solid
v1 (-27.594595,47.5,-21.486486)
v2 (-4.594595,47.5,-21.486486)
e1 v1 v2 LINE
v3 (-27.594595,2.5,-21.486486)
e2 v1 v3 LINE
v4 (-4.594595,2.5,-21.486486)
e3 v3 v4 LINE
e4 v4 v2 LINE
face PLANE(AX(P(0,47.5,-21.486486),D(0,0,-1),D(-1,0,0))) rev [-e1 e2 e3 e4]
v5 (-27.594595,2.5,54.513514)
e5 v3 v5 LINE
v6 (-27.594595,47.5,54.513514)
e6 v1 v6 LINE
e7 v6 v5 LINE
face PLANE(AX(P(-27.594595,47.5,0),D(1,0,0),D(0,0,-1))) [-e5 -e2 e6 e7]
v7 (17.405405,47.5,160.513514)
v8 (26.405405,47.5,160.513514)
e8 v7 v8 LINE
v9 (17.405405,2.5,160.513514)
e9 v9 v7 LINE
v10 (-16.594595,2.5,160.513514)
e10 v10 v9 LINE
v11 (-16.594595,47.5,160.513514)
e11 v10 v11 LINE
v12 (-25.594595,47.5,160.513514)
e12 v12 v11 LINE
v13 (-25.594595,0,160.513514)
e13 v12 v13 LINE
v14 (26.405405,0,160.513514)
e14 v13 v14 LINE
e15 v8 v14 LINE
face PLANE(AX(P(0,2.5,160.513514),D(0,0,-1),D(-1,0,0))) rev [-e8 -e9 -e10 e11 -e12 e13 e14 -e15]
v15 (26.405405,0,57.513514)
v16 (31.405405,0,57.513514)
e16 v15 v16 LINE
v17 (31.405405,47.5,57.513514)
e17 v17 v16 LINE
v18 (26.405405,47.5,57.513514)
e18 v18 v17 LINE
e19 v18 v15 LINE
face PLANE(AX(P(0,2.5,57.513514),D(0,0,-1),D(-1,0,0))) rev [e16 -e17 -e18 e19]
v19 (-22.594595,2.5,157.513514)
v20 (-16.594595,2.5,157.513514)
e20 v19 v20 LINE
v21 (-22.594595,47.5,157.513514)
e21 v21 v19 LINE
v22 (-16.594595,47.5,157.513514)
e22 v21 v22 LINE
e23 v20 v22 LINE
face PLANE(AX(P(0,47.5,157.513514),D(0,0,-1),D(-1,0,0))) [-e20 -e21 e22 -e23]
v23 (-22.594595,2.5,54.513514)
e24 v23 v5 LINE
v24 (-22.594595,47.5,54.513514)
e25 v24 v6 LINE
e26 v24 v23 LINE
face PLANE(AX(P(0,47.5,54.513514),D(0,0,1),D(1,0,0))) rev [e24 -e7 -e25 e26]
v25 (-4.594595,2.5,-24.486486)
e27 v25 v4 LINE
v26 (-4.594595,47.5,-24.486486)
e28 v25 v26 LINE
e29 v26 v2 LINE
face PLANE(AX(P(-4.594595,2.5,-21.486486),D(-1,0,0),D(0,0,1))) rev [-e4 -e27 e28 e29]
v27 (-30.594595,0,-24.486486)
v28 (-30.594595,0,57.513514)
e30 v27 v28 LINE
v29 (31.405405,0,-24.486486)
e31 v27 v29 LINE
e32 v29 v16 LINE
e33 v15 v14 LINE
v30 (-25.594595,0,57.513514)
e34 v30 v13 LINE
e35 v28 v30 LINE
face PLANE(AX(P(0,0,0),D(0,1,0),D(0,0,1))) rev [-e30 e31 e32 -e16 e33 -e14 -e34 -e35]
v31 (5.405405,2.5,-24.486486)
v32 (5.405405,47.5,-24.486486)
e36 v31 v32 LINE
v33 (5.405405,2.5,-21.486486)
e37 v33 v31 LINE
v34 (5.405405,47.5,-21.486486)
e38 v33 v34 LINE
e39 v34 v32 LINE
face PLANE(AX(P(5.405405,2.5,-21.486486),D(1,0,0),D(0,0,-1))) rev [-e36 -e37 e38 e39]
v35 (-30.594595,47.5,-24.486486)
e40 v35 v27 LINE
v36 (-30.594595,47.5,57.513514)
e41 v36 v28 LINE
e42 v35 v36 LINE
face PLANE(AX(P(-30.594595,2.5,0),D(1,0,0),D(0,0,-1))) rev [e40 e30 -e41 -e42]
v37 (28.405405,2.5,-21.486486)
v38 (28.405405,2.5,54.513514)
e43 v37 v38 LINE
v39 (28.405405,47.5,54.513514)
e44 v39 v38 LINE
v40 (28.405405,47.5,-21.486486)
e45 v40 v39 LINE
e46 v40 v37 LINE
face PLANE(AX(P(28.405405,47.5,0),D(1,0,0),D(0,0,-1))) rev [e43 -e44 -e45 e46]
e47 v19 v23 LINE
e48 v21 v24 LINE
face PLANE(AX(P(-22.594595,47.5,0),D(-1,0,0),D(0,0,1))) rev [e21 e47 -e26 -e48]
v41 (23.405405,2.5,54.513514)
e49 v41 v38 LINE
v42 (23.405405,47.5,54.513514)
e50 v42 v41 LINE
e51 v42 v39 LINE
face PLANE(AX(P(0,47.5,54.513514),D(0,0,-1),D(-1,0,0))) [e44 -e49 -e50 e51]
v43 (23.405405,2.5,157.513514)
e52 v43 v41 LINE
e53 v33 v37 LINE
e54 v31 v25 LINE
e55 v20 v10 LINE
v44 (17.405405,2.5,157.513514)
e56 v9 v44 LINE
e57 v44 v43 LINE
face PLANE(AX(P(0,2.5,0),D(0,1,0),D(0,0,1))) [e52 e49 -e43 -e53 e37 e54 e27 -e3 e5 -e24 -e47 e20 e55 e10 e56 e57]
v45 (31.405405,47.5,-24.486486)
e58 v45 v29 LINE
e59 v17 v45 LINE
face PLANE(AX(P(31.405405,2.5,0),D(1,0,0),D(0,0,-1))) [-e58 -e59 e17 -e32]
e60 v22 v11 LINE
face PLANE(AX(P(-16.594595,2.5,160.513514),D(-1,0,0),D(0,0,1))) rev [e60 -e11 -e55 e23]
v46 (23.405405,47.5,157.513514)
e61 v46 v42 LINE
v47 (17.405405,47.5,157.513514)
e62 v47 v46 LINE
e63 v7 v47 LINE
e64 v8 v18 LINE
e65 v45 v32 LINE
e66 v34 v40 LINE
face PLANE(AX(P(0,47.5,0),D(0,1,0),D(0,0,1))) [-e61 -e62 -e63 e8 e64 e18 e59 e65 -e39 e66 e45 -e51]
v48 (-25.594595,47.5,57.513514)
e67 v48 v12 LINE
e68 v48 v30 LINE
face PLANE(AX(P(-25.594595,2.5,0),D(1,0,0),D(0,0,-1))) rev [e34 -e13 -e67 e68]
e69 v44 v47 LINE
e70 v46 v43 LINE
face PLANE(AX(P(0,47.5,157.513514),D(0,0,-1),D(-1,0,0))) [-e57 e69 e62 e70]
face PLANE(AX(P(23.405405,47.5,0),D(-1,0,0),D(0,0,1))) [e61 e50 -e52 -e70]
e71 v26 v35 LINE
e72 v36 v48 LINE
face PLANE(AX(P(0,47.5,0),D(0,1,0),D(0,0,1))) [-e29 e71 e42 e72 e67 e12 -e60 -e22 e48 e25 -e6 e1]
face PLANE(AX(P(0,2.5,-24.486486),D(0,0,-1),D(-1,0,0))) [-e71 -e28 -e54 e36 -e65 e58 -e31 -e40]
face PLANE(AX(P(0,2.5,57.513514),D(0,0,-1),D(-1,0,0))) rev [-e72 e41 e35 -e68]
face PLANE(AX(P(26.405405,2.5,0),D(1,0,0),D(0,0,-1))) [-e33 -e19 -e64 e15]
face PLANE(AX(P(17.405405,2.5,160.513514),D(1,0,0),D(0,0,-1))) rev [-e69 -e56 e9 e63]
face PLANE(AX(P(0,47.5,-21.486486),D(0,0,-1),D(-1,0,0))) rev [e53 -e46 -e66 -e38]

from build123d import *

# Parameters (mm, degrees)
SKETCH1_W           = 52
SKETCH1_H           = 103
SKETCH1_W_2         = 62
SKETCH1_H_2         = 82
BOSS_EXTRUDE1_DEPTH = 2.5
SKETCH2_W           = 3
SKETCH2_H           = 100
SKETCH2_H_2         = 76
SKETCH2_W_2         = 2
SKETCH2_H_3         = 3
SKETCH2_W_3         = 56
SKETCH2_W_4         = 46
BOSS_EXTRUDE2_DEPTH = 45
SKETCH4_W           = 10
SKETCH4_H           = 3
SKETCH4_W_2         = 34
CUT_EXTRUDE1_DEPTH  = 45


with BuildPart() as part:
    # Sketch1 → Boss-Extrude1 (new body)
    with BuildSketch(Plane(origin=(0, 0, 0), x_dir=(1, 0, 0), z_dir=(0, 1, 0))):
        with Locations((0.405405405, -109.013513514)):
            Rectangle(SKETCH1_W, SKETCH1_H)
        with Locations((0.405405405, -16.513513514)):
            Rectangle(SKETCH1_W_2, SKETCH1_H_2)
    extrude(amount=BOSS_EXTRUDE1_DEPTH)

    # Sketch2 → Boss-Extrude2 (add)
    with BuildSketch(Plane(origin=(0, 2.5, 0), x_dir=(1, 0, 0), z_dir=(0, 1, 0))):
        with Locations((-24.094594595, -107.513513514)):
            Rectangle(SKETCH2_W, SKETCH2_H)
        with Locations((24.905405405, -107.513513514)):
            Rectangle(SKETCH2_W, SKETCH2_H)
        with Locations((29.905405405, -16.513513514)):
            Rectangle(SKETCH2_W, SKETCH2_H_2)
        with Locations((-29.094594595, -16.513513514)):
            Rectangle(SKETCH2_W, SKETCH2_H_2)
        with Locations((-26.594594595, -56.013513514)):
            Rectangle(SKETCH2_W_2, SKETCH2_H_3)
        with Locations((-24.094594595, -56.013513514)):
            Rectangle(SKETCH2_W, SKETCH2_H_3)
        with Locations((-29.094594595, -56.013513514)):
            Rectangle(SKETCH2_W, SKETCH2_H_3)
        with Locations((29.905405405, -56.013513514)):
            Rectangle(SKETCH2_W, SKETCH2_H_3)
        with Locations((27.405405405, -56.013513514)):
            Rectangle(SKETCH2_W_2, SKETCH2_H_3)
        with Locations((24.905405405, -56.013513514)):
            Rectangle(SKETCH2_W, SKETCH2_H_3)
        with Locations((-29.094594595, 22.986486486)):
            Rectangle(SKETCH2_W, SKETCH2_H_3)
        with Locations((29.905405405, 22.986486486)):
            Rectangle(SKETCH2_W, SKETCH2_H_3)
        with Locations((0.405405405, 22.986486486)):
            Rectangle(SKETCH2_W_3, SKETCH2_H_3)
        with Locations((-24.094594595, -159.013513514)):
            Rectangle(SKETCH2_W, SKETCH2_H_3)
        with Locations((0.405405405, -159.013513514)):
            Rectangle(SKETCH2_W_4, SKETCH2_H_3)
        with Locations((24.905405405, -159.013513514)):
            Rectangle(SKETCH2_W, SKETCH2_H_3)
    extrude(amount=BOSS_EXTRUDE2_DEPTH)

    # Sketch4 → Cut-Extrude1 (cut)
    with BuildSketch(Plane(origin=(0, 47.5, 0), x_dir=(1, 0, 0), z_dir=(0, 1, 0))):
        with Locations((0.405405405, 22.986486486)):
            Rectangle(SKETCH4_W, SKETCH4_H)
        with Locations((0.405405405, -159.013513514)):
            Rectangle(SKETCH4_W_2, SKETCH4_H)
    extrude(amount=-CUT_EXTRUDE1_DEPTH, mode=Mode.SUBTRACT)


solid = part.part
